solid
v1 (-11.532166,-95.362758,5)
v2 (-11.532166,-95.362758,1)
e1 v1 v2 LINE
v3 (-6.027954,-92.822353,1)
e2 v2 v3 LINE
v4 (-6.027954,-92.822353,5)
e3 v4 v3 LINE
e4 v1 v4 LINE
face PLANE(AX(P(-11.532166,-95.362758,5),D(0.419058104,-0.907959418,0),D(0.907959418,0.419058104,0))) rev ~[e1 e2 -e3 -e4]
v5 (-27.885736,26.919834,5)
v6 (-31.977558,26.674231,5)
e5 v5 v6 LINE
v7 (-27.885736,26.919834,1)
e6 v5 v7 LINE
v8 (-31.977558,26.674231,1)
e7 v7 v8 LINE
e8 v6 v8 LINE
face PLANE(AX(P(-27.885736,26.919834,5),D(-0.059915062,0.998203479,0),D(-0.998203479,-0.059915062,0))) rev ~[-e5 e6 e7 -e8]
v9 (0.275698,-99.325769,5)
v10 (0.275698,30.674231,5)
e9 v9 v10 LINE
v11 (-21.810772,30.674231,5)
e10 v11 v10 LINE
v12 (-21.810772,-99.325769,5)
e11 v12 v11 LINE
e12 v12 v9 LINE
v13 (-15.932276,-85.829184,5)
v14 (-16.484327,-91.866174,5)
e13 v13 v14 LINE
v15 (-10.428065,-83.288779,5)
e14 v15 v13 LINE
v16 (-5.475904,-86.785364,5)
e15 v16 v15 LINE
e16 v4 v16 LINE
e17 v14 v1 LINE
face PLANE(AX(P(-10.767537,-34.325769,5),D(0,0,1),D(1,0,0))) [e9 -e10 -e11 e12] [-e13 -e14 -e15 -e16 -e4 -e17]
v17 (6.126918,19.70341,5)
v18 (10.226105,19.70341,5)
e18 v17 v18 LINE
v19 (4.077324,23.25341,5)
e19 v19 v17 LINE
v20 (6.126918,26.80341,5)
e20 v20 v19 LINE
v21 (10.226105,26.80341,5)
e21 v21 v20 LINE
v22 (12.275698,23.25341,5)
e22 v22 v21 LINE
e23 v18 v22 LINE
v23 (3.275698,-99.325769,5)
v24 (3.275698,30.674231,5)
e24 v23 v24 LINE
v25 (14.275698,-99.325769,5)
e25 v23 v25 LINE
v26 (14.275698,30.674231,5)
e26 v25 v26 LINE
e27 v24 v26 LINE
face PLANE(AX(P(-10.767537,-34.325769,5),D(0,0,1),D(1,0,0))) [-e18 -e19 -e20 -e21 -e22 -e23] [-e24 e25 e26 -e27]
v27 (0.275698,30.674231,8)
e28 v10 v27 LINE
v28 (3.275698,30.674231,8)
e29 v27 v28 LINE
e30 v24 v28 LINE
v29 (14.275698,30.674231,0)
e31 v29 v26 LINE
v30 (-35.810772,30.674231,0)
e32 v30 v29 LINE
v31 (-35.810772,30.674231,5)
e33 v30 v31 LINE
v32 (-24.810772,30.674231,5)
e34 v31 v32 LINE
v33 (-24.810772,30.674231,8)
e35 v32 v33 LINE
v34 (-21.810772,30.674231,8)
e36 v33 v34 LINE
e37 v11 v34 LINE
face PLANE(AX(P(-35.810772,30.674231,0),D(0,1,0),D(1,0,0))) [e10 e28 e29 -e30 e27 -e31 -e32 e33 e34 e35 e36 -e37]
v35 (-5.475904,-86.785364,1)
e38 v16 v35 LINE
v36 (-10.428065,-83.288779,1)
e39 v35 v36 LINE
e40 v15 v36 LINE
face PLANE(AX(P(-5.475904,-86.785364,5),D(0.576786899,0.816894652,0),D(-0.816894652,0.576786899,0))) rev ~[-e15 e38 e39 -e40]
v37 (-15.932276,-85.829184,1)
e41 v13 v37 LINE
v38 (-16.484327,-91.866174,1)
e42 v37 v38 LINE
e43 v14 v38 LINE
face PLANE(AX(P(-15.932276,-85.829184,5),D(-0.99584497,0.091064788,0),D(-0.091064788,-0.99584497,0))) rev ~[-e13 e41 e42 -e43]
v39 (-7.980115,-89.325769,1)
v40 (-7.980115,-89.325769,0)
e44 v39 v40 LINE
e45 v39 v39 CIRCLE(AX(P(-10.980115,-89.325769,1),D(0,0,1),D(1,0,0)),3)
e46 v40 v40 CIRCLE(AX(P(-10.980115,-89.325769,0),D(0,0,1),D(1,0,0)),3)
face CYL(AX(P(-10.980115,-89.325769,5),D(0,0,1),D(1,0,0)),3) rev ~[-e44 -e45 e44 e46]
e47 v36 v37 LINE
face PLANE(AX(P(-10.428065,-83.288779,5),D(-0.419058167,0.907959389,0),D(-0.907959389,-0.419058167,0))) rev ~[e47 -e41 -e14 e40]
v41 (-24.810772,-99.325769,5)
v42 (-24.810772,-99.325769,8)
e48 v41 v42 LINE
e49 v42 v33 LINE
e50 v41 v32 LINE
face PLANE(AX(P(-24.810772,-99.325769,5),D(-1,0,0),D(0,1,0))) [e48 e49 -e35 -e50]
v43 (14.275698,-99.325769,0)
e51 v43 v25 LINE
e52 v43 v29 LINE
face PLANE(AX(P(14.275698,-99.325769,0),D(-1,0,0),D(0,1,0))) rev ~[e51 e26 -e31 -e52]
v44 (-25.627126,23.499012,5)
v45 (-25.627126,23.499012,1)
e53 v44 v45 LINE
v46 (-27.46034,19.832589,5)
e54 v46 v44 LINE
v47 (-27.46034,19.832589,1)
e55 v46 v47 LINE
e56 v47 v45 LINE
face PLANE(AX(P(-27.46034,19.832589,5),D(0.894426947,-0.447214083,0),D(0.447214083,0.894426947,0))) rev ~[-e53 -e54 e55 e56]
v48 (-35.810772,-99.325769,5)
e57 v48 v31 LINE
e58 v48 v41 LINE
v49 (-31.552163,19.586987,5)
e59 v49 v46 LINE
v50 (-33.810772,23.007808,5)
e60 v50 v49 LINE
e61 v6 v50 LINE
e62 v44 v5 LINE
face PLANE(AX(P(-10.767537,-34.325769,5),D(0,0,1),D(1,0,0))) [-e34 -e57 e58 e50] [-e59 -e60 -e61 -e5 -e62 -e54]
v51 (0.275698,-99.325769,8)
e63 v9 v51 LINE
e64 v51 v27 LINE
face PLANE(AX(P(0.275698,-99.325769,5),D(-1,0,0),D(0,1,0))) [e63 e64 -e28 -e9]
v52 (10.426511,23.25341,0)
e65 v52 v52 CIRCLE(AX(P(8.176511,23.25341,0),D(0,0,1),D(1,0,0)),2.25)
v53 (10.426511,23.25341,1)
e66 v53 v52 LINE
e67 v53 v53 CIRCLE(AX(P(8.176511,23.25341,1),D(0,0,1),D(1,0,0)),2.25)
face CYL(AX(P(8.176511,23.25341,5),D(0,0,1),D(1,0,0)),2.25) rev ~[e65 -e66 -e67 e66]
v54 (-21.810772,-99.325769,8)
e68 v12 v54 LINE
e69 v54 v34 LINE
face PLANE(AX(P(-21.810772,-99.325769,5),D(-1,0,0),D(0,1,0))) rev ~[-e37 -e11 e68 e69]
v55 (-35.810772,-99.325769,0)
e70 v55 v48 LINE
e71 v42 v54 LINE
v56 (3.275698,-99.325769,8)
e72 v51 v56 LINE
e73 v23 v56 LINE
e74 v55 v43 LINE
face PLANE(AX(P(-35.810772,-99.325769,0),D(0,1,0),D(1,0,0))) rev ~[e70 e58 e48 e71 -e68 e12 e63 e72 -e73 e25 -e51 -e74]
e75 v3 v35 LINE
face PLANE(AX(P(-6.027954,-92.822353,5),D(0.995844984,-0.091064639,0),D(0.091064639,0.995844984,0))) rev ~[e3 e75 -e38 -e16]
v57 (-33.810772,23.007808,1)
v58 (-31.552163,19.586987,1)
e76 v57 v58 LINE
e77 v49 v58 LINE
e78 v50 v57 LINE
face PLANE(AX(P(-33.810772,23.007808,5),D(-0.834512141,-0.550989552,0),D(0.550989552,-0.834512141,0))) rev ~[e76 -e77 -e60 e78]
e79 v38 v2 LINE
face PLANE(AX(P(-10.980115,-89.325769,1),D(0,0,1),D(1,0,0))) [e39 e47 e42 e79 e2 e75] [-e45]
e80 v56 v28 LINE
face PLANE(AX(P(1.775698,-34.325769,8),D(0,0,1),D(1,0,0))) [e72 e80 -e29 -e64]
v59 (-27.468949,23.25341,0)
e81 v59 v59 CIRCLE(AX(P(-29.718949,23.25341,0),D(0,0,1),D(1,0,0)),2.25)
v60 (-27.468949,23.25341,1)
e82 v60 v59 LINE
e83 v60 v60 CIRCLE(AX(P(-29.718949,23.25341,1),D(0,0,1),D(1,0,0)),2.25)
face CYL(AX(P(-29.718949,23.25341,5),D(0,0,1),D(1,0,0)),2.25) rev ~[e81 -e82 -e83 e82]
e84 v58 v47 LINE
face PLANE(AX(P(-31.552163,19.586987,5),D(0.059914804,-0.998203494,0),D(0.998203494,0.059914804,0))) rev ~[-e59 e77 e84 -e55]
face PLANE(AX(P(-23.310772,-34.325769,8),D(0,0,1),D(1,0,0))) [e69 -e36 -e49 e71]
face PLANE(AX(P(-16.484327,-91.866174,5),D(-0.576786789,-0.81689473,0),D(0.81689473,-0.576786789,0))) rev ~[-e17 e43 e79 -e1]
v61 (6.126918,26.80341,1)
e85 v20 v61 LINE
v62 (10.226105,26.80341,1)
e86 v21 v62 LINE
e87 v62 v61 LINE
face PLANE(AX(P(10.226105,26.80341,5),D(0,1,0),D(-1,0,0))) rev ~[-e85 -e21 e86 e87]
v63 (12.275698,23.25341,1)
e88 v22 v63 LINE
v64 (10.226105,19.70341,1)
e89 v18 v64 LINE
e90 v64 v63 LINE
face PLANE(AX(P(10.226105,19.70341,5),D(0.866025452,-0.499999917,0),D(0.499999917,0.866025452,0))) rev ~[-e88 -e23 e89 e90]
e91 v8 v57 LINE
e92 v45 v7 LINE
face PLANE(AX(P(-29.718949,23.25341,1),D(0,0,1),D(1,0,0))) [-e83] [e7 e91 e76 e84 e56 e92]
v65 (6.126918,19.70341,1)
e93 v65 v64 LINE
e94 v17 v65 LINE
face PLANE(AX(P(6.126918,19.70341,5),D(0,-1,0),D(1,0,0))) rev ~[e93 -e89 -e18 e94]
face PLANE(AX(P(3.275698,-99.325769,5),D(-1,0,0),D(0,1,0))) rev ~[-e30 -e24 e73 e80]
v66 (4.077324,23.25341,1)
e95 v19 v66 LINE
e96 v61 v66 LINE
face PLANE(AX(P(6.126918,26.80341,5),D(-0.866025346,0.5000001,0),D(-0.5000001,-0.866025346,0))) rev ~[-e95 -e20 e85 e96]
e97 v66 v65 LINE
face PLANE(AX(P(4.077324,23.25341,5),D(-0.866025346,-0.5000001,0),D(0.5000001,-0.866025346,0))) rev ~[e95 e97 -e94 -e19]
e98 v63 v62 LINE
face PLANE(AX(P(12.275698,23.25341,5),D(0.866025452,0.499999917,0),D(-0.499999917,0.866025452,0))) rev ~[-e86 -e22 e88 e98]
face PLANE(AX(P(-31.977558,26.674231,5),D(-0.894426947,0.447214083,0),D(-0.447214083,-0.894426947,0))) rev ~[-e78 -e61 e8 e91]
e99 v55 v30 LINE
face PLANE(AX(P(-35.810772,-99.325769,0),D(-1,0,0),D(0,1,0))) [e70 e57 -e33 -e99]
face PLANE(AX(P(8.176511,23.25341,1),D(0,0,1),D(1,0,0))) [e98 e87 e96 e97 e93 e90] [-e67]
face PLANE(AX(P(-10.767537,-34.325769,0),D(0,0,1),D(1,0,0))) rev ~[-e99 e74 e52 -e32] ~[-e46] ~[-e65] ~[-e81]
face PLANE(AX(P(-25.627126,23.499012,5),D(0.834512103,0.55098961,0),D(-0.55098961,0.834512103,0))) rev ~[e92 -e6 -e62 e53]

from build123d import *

# Parameters (mm, degrees)
F0_W     = 50.08647
F0_H     = 130
F1_DEPTH = 5
F2_R     = 3
F2_R_2   = 2.25
F3_DEPTH = 25
F4_DEPTH = 4
F5_W     = 3
F5_H     = 130
F6_DEPTH = 3


with BuildPart() as f1:
    # F0 (on Top) → F1 (new body)
    with BuildSketch(Plane.XY):
        with Locations((-10.767537, -34.325769)):
            Rectangle(F0_W, F0_H)
    extrude(amount=F1_DEPTH)

    # F2 (on face) → F3 (cut)
    with BuildSketch(Plane.XY.offset(5)):
        with Locations((-10.980115, -89.325769)):
            Circle(F2_R)
        with Locations((8.176511, 23.25341)):
            Circle(F2_R_2)
        with Locations((-29.718949, 23.25341)):
            Circle(F2_R_2)
    extrude(amount=-F3_DEPTH, mode=Mode.SUBTRACT)

    # F2 (on face) → F4 (cut)
    with BuildSketch(Plane.XY.offset(5)):
        Polygon((10.226105, 26.80341), (6.126918, 26.80341), (4.077324, 23.25341), (6.126918, 19.70341), (10.226105, 19.70341), (12.275698, 23.25341), align=None)
        with Locations((8.176511, 23.25341)):
            Circle(F2_R_2, mode=Mode.SUBTRACT)
        Polygon((-31.977558, 26.674231), (-33.810772, 23.007808), (-31.552163, 19.586987), (-27.46034, 19.832589), (-25.627126, 23.499012), (-27.885736, 26.919834), align=None)
        with Locations((-29.718949, 23.25341)):
            Circle(F2_R_2, mode=Mode.SUBTRACT)
        Polygon((-10.428065, -83.288779), (-15.932276, -85.829184), (-16.484327, -91.866174), (-11.532166, -95.362758), (-6.027954, -92.822353), (-5.475904, -86.785364), align=None)
        with Locations((-10.980115, -89.325769)):
            Circle(F2_R, mode=Mode.SUBTRACT)
    extrude(amount=-F4_DEPTH, mode=Mode.SUBTRACT)

    # F5 (on face) → F6 (join)
    with BuildSketch(Plane.XY.offset(5)):
        with Locations((1.775698, -34.325769)):
            Rectangle(F5_W, F5_H)
        with Locations((-23.310772, -34.325769)):
            Rectangle(F5_W, F5_H)
    extrude(amount=F6_DEPTH)


solid = f1.part
